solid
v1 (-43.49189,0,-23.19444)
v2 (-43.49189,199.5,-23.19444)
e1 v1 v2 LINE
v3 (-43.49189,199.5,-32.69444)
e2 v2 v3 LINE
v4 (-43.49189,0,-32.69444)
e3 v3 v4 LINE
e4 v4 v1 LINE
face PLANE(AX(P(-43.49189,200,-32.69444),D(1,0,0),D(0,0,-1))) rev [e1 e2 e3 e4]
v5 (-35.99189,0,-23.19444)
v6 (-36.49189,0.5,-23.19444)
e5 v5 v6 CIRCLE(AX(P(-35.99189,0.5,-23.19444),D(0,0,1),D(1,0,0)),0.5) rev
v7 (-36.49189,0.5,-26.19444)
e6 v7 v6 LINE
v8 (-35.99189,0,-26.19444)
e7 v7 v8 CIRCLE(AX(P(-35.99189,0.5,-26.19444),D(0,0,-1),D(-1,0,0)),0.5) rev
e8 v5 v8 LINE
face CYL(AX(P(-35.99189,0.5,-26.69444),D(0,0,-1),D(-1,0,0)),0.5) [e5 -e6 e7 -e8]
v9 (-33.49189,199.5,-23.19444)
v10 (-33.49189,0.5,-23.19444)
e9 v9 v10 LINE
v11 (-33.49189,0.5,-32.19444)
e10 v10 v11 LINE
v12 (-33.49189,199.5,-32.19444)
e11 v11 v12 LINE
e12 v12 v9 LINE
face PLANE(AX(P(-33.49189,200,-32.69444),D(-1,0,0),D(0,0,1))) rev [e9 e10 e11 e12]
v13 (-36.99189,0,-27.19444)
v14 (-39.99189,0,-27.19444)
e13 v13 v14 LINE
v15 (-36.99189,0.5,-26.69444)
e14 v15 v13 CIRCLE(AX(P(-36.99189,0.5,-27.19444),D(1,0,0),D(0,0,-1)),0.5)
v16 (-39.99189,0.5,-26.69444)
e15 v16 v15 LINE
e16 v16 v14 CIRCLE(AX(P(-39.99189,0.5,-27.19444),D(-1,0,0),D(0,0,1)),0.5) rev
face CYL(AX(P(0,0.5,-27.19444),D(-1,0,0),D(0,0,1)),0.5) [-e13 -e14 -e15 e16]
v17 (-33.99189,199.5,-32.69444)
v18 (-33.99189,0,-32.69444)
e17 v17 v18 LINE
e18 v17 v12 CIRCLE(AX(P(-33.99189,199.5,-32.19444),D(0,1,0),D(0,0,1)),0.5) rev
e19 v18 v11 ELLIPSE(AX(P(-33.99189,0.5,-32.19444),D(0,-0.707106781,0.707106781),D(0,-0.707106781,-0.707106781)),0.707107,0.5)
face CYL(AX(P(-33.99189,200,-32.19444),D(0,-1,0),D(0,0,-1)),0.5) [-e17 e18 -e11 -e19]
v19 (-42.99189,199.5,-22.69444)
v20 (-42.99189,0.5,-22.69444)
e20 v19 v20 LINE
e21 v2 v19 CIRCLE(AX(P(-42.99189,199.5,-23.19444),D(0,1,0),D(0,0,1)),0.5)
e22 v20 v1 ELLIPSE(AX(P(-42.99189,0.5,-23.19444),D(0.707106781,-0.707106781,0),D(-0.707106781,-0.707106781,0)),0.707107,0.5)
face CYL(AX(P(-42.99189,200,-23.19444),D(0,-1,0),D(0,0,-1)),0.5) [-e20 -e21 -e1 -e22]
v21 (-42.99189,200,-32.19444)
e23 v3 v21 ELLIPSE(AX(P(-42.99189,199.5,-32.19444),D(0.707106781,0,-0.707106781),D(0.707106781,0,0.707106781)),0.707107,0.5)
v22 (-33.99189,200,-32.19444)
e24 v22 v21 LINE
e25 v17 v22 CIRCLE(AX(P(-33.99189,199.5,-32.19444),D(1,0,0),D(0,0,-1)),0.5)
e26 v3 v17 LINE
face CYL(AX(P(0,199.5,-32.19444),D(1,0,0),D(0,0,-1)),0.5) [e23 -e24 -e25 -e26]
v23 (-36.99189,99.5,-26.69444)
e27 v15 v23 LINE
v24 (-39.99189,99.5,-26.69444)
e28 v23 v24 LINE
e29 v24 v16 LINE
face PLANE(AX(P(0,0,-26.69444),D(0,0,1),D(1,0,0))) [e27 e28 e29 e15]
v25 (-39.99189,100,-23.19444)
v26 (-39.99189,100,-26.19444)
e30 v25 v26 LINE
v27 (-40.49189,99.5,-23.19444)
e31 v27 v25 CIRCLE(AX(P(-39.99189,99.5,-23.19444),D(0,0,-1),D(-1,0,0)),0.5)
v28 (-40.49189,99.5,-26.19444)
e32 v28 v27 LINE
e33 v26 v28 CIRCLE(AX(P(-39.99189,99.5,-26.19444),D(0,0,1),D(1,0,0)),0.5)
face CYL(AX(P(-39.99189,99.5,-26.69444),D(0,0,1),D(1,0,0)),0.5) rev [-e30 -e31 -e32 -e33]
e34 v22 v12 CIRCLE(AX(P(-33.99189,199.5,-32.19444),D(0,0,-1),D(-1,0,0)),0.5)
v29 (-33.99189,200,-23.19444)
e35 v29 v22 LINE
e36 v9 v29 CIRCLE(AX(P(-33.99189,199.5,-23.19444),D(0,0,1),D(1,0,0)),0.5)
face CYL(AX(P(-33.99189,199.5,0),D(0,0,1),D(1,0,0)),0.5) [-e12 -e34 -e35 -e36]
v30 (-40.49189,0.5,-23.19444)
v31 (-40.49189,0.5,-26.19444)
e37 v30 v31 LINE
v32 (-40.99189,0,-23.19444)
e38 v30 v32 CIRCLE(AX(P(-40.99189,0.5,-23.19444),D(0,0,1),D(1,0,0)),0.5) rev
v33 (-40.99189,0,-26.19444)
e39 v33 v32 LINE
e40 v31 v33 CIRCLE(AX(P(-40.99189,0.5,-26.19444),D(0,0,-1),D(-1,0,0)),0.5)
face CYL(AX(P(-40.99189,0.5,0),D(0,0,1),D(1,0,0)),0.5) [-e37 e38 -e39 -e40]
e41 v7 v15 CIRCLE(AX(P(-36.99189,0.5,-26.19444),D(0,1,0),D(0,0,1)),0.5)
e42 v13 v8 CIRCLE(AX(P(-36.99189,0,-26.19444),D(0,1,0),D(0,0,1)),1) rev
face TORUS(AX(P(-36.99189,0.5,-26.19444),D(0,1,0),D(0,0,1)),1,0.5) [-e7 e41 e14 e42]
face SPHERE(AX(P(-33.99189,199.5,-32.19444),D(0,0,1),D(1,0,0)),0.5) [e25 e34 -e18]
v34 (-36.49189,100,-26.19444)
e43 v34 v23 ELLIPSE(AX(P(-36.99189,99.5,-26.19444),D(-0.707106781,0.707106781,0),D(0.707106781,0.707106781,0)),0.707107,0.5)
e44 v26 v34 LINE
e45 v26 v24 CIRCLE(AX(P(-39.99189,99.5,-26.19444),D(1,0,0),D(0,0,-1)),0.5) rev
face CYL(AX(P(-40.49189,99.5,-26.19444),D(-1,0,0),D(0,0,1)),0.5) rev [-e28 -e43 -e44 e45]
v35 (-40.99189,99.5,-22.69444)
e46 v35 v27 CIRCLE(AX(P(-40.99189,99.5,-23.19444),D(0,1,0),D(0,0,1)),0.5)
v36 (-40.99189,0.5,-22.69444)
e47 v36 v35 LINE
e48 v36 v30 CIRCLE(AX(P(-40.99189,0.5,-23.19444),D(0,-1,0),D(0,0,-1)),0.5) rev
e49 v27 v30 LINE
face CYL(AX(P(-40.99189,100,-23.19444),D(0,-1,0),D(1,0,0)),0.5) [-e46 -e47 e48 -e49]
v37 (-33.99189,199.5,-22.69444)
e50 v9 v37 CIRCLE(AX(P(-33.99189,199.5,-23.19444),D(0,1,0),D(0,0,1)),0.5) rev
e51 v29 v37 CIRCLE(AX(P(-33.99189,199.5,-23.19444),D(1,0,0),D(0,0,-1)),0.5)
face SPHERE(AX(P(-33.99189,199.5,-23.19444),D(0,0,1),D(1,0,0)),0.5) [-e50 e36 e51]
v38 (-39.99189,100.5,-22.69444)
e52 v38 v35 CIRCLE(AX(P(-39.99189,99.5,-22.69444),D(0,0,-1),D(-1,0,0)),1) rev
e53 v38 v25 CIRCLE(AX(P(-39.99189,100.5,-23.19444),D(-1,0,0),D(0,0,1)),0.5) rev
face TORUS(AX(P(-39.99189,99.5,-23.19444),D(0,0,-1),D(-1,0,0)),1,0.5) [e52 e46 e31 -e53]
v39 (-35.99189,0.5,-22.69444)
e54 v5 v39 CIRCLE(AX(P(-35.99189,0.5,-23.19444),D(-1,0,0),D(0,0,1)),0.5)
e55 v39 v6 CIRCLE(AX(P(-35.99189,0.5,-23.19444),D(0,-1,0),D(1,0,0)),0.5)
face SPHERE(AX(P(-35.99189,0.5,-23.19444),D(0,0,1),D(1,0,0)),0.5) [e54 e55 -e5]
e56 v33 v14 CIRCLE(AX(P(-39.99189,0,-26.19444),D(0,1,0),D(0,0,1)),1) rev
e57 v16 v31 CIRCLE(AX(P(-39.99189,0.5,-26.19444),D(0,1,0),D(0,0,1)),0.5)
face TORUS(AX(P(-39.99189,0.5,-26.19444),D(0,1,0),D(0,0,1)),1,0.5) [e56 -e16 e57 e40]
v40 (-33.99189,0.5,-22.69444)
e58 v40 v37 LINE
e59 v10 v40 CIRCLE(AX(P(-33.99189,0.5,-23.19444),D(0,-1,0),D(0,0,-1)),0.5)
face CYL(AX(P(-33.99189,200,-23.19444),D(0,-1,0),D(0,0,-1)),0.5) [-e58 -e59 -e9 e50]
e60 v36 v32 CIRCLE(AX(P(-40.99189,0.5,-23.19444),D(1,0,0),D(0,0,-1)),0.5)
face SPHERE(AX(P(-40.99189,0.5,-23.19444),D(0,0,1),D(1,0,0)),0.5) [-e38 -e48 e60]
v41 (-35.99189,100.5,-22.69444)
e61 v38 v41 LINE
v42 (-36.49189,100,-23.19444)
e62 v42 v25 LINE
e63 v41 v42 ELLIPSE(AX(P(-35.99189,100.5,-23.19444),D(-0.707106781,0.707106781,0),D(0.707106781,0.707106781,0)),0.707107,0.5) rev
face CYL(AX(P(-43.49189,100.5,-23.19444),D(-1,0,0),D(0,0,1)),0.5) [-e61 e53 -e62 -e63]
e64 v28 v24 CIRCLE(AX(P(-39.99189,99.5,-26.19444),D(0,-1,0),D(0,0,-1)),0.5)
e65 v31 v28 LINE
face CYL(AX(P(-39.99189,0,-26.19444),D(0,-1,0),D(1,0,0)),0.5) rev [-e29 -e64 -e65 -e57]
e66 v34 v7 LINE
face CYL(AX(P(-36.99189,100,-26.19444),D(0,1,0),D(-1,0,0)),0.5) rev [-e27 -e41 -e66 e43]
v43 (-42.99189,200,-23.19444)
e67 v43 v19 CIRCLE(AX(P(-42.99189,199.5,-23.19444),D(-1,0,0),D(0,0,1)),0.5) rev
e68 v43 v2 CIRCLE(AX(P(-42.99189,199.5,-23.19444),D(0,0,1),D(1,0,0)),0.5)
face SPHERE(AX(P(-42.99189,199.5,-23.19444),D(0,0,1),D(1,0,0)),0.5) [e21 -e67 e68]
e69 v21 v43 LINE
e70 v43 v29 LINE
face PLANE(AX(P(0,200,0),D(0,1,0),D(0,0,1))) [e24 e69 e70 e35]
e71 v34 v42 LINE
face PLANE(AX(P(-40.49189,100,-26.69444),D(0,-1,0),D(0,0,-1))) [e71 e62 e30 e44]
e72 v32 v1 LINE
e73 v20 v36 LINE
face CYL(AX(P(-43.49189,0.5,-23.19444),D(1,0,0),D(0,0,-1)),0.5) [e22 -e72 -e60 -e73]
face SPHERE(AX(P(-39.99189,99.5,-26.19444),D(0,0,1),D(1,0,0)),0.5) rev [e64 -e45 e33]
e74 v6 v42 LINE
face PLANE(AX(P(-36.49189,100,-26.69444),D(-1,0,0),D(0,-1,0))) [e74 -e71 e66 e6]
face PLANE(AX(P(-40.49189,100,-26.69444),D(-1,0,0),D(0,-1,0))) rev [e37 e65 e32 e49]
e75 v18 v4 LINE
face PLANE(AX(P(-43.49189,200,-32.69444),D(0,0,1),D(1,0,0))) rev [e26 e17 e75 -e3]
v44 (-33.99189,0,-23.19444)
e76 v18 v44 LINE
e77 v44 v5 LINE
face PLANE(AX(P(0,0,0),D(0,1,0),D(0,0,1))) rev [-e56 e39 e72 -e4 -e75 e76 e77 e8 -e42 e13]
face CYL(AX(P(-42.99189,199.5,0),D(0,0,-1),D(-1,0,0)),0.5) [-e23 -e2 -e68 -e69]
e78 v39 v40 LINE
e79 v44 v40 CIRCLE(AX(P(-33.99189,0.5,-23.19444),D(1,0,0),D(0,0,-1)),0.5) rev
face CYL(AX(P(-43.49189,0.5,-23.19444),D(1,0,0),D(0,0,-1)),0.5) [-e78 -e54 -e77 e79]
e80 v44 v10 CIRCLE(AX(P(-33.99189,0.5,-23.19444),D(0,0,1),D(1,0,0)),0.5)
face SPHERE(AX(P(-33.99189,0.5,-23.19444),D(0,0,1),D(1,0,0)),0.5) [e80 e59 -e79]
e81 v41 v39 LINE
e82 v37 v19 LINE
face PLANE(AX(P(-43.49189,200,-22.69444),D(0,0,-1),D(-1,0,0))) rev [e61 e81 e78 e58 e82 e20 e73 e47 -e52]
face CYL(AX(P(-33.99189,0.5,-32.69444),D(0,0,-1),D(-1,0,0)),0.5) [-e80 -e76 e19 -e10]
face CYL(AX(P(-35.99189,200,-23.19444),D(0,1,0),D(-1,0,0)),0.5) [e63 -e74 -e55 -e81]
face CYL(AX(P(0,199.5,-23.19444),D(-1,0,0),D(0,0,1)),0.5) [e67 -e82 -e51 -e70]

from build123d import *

# Parameters (mm, degrees)
SKETCH1_W           = 10
SKETCH1_H           = 10
BOSS_EXTRUDE1_DEPTH = 200
SKETCH2_W           = 4
SKETCH2_H           = 100
CUT_EXTRUDE1_DEPTH  = 4
FILLET1_R           = 0.5


with BuildPart() as part:
    # Sketch1 → Boss-Extrude1 (new body)
    with BuildSketch(Plane(origin=(0, 0, 0), x_dir=(1, 0, 0), z_dir=(0, 1, 0))):
        with Locations((-38.49189023, 27.694440025)):
            Rectangle(SKETCH1_W, SKETCH1_H)
    extrude(amount=BOSS_EXTRUDE1_DEPTH)

    # Sketch2 → Cut-Extrude1 (cut)
    with BuildSketch(Plane.XY.offset(-22.694440025)):
        with Locations((-38.49189023, 50)):
            Rectangle(SKETCH2_W, SKETCH2_H)
    extrude(amount=-CUT_EXTRUDE1_DEPTH, mode=Mode.SUBTRACT)

    # Fillet1
    fillet1_edges = [part.edges().sort_by_distance(p)[0] for p in [
        (-33.49189023, 200, -27.694440025),
        (-38.49189023, 200, -32.694440025),
        (-34.99189023, 0, -22.694440025),
        (-40.49189023, 50, -26.694440025),
        (-40.49189023, 0, -24.694440025),
        (-38.49189023, 100, -22.694440025),
        (-40.49189023, 100, -24.694440025),
        (-36.49189023, 50, -22.694440025),
        (-38.49189023, 0, -26.694440025),
        (-36.49189023, 0, -24.694440025),
        (-38.49189023, 100, -26.694440025),
        (-36.49189023, 50, -26.694440025),
        (-40.49189023, 50, -22.694440025),
        (-43.49189023, 200, -27.694440025),
        (-33.49189023, 0, -27.694440025),
        (-41.99189023, 0, -22.694440025),
        (-38.49189023, 200, -22.694440025),
        (-33.49189023, 100, -32.694440025),
        (-33.49189023, 100, -22.694440025),
        (-43.49189023, 100, -22.694440025),
    ]]
    fillet(fillet1_edges, radius=FILLET1_R)


solid = part.part
